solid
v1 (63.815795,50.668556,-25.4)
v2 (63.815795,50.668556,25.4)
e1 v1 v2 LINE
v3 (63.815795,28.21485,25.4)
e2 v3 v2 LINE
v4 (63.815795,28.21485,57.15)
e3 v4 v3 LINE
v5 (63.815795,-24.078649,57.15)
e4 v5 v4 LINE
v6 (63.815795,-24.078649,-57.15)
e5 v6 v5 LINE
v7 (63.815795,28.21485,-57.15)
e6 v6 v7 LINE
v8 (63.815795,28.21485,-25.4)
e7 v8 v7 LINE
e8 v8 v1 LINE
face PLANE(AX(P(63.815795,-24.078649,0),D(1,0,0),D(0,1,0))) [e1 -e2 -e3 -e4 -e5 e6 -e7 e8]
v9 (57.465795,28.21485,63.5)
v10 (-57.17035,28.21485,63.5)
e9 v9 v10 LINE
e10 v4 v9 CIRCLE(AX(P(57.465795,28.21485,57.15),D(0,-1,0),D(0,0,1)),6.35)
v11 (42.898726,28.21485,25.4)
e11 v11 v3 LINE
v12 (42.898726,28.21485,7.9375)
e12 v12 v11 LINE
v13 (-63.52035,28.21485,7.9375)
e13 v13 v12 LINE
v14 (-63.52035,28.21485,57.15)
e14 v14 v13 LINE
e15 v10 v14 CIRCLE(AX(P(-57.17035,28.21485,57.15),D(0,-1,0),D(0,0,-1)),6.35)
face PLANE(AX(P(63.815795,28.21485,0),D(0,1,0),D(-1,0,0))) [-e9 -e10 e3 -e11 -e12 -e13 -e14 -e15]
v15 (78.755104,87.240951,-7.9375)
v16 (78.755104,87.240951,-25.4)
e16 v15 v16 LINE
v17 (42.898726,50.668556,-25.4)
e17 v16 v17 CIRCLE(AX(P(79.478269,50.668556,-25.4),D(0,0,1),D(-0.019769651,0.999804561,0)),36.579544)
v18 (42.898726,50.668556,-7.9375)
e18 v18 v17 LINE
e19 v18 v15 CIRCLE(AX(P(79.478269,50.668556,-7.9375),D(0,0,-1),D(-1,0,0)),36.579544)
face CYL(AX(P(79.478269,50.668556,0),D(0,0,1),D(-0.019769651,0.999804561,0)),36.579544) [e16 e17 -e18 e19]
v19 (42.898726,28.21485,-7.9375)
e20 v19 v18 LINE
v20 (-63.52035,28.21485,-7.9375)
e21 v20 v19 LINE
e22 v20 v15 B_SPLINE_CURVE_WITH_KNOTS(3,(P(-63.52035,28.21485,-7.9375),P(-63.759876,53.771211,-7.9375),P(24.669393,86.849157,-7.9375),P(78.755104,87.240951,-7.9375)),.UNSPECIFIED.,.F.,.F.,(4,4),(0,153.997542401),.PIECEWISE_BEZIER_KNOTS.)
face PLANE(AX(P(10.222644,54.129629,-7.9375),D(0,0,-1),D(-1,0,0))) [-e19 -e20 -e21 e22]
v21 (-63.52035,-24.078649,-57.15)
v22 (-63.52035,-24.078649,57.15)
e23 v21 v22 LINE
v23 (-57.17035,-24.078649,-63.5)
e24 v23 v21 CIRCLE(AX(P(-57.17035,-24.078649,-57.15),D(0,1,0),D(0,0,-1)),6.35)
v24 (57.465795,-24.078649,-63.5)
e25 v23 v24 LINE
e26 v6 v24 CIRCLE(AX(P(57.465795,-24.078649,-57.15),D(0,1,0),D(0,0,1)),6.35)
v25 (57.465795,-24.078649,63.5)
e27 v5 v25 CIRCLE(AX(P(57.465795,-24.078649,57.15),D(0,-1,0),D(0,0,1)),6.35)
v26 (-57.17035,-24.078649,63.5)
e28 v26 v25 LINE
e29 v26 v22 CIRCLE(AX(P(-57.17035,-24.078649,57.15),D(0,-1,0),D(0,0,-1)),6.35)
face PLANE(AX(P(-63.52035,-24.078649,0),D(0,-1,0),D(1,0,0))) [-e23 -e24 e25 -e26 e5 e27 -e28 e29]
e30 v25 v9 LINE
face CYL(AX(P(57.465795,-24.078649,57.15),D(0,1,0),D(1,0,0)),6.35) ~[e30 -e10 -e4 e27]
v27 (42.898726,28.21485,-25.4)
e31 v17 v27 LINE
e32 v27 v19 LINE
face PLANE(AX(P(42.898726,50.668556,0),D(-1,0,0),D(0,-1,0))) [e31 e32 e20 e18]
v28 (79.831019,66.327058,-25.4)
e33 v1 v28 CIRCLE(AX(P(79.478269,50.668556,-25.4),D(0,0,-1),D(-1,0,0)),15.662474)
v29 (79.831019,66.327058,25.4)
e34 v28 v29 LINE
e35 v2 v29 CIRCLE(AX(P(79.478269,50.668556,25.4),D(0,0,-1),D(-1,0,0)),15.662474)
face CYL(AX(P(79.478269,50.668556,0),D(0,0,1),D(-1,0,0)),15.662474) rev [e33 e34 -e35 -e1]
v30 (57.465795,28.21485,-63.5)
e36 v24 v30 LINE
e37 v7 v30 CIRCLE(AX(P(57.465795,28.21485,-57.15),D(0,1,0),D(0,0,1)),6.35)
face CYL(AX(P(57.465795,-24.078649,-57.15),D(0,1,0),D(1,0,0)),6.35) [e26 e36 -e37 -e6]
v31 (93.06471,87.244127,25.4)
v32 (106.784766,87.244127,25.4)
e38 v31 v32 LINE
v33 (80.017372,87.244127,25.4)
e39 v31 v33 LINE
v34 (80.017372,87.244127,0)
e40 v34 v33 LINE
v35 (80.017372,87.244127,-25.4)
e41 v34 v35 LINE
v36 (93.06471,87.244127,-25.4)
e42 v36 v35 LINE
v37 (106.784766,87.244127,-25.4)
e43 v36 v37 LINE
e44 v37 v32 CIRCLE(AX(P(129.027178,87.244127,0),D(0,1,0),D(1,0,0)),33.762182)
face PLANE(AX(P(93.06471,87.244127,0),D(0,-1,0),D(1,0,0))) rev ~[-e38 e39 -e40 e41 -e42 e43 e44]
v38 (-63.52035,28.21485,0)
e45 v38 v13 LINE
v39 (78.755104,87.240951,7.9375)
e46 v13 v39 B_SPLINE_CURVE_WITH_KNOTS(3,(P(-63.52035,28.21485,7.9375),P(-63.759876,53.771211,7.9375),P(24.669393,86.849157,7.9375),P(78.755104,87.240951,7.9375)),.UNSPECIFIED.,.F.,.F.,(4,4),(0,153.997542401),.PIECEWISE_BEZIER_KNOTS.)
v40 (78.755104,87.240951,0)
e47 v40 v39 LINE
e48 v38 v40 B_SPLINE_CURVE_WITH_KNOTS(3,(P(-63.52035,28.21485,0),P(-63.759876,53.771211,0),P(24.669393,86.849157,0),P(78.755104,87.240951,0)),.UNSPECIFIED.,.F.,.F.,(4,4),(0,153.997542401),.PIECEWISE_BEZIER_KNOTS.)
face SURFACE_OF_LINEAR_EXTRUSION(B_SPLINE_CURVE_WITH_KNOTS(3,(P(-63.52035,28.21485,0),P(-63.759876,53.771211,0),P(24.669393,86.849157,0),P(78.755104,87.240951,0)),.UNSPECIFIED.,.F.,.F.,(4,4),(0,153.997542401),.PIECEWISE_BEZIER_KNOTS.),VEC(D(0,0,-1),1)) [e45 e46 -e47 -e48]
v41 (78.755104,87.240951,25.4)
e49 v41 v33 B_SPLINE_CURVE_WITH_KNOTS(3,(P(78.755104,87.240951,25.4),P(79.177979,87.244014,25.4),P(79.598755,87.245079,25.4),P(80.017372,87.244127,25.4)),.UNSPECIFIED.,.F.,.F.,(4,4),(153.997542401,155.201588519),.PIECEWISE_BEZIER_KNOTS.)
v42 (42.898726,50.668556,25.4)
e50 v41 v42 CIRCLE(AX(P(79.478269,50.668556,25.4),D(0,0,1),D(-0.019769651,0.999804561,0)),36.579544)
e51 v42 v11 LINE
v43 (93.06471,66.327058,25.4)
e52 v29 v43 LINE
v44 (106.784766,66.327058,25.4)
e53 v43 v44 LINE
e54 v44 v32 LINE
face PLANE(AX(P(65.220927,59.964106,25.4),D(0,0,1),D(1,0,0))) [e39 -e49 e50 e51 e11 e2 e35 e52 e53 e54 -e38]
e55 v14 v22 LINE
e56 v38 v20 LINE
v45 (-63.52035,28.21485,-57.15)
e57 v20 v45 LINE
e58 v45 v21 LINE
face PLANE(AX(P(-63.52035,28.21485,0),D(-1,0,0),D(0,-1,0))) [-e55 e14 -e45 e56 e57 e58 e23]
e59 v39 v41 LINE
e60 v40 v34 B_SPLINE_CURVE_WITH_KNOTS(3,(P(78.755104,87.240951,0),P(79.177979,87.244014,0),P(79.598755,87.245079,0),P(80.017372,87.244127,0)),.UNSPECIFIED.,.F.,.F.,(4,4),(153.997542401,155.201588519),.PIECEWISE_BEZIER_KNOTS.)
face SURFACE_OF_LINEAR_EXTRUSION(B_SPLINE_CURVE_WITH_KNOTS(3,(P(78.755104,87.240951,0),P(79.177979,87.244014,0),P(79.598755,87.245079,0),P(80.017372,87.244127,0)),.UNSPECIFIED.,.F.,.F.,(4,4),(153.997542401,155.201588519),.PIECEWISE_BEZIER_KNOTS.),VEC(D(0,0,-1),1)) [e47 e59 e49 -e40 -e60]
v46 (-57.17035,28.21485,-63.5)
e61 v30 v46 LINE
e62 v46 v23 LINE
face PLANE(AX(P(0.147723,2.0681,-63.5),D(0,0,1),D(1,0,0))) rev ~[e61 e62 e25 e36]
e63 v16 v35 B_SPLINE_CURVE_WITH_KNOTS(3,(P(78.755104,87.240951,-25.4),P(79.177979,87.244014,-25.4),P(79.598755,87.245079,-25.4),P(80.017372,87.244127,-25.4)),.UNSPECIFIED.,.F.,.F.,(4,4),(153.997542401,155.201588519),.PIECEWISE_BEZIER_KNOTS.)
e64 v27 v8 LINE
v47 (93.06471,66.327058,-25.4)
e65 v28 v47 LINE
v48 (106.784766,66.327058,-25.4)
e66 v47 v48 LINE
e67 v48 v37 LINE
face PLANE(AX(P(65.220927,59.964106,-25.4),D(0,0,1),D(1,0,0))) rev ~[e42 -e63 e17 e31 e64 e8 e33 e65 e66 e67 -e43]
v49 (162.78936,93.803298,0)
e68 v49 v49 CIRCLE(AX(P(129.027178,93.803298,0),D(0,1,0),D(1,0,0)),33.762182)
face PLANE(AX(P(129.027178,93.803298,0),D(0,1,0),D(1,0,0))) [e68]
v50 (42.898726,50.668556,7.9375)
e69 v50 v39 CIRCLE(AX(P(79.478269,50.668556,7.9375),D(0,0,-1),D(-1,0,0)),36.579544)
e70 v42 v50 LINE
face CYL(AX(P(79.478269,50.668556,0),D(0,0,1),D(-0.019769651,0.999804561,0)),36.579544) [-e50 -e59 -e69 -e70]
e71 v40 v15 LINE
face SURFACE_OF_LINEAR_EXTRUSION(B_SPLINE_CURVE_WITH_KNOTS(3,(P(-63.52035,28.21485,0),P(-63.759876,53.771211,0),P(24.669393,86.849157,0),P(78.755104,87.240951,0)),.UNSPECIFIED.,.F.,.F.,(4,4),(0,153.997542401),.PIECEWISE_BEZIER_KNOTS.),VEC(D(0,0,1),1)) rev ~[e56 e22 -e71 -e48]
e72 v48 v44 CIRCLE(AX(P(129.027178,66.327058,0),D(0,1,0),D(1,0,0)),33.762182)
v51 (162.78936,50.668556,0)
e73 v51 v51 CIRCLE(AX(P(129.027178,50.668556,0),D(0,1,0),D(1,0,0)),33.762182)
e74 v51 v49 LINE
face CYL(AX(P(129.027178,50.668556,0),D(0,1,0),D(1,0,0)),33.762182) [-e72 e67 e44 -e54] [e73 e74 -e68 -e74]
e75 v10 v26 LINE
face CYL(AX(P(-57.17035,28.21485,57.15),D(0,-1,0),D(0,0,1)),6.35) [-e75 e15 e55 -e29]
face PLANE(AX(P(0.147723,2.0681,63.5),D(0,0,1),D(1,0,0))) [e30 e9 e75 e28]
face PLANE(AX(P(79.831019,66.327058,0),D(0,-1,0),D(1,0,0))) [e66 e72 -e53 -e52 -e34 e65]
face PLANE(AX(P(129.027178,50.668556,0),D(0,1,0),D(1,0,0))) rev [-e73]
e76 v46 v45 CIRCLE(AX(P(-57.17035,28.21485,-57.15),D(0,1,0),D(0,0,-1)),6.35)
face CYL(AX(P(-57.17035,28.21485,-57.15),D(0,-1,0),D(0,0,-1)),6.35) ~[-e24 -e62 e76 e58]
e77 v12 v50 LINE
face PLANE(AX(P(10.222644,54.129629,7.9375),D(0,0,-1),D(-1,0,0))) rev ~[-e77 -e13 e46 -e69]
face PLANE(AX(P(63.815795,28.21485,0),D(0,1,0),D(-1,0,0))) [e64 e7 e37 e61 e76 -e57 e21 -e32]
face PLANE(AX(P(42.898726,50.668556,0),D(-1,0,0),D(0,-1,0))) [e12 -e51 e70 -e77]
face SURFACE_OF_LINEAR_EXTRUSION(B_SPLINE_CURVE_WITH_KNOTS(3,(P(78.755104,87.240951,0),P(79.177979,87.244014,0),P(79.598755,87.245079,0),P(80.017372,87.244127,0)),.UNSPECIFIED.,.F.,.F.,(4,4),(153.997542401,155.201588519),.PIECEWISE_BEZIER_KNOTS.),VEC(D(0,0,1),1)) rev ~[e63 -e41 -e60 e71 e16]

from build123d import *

# Parameters (mm, degrees)
F1_DEPTH = 63.5
F0_W     = 35.9624676678
F0_H     = 20.9170691669
F2_DEPTH = 25.4
F3_DEPTH = 7.9375
F5_R     = 6.35


with BuildPart() as f1:
    # F0 (on Top) → F1 (new body, symmetric)
    with BuildSketch(Plane.XY):
        Polygon((42.8987257183, 28.2148495317), (-63.5203495622, 28.2148495317), (-63.5203495622, -24.0786485374), (63.8157948852, -24.0786485374), (63.8157948852, 28.2148495317), align=None)
    extrude(amount=F1_DEPTH, both=True)

    # F0 (on Top) → F2 (join, symmetric)
    with BuildSketch(Plane.XY):
        with BuildLine():
            Line((42.8987257183, 50.6685562432), (42.8987257183, 28.2148495317))
            Line((42.8987257183, 28.2148495317), (63.8157948852, 28.2148495317))
            Line((63.8157948852, 28.2148495317), (63.8157948852, 50.6685562432))
            ThreePointArc((63.8157948852, 50.6685562432), (68.5286535357, 61.8676195433), (79.8310190439, 66.3270577788))
            Line((79.8310190439, 66.3270577788), (93.0647104979, 66.3270577788))
            Line((93.0647104979, 66.3270577788), (93.0647104979, 87.2441269457))
            Line((93.0647104979, 87.2441269457), (80.017371915, 87.2441269457))
            add(Edge.make_bspline(
                [(78.7551044312, 87.2409507038), (79.1779792996, 87.2440139811), (79.5987547257, 87.2450791343), (80.017371915, 87.2441269457)],
                knots=[153.9975424007, 153.9975424007, 153.9975424007, 153.9975424007, 155.2015885192, 155.2015885192, 155.2015885192, 155.2015885192], degree=3))
            ThreePointArc((78.7551044312, 87.2409507038), (53.3581999175, 76.2772458377), (42.8987257183, 50.6685562432))
        make_face()
        with Locations((111.0459443317, 76.7855923623)):
            Rectangle(F0_W, F0_H)
    extrude(amount=F2_DEPTH, both=True)

    # F0 (on Top) → F3 (join, symmetric)
    with BuildSketch(Plane.XY):
        with BuildLine():
            add(Edge.make_bspline(
                [(-63.5203495622, 28.2148495317), (-63.7598756137, 53.7712109703), (24.6693933614, 86.8491574209), (78.7551044312, 87.2409507038)],
                knots=[0, 0, 0, 0, 153.9975424007, 153.9975424007, 153.9975424007, 153.9975424007], degree=3))
            Line((-63.5203495622, 28.2148495317), (42.8987257183, 28.2148495317))
            Line((42.8987257183, 28.2148495317), (42.8987257183, 50.6685562432))
            ThreePointArc((42.8987257183, 50.6685562432), (53.3581999175, 76.2772458377), (78.7551044312, 87.2409507038))
        make_face()
    extrude(amount=F3_DEPTH, both=True)

    # F0 (on Top) → F4 (revolve)
    with BuildSketch(Plane.XY):
        Polygon((129.0271781656, 93.8032977283), (129.0271781656, 87.2441269457), (129.0271781656, 66.3270577788), (129.0271781656, 50.6685562432), (162.7893596888, 50.6685562432), (162.7893596888, 93.8032977283), align=None)
    revolve(axis=Axis((129.0271781656, 72.2359269857, 0), (0, 1, 0)))

    # F5
    f5_edges = [f1.edges().sort_by_distance(p)[0] for p in [
        (-63.52035, 2.0681, -63.5),
        (63.815795, 2.0681, -63.5),
        (-63.52035, 2.0681, 63.5),
        (63.815795, 2.0681, 63.5),
    ]]
    fillet(f5_edges, radius=F5_R)


solid = f1.part
